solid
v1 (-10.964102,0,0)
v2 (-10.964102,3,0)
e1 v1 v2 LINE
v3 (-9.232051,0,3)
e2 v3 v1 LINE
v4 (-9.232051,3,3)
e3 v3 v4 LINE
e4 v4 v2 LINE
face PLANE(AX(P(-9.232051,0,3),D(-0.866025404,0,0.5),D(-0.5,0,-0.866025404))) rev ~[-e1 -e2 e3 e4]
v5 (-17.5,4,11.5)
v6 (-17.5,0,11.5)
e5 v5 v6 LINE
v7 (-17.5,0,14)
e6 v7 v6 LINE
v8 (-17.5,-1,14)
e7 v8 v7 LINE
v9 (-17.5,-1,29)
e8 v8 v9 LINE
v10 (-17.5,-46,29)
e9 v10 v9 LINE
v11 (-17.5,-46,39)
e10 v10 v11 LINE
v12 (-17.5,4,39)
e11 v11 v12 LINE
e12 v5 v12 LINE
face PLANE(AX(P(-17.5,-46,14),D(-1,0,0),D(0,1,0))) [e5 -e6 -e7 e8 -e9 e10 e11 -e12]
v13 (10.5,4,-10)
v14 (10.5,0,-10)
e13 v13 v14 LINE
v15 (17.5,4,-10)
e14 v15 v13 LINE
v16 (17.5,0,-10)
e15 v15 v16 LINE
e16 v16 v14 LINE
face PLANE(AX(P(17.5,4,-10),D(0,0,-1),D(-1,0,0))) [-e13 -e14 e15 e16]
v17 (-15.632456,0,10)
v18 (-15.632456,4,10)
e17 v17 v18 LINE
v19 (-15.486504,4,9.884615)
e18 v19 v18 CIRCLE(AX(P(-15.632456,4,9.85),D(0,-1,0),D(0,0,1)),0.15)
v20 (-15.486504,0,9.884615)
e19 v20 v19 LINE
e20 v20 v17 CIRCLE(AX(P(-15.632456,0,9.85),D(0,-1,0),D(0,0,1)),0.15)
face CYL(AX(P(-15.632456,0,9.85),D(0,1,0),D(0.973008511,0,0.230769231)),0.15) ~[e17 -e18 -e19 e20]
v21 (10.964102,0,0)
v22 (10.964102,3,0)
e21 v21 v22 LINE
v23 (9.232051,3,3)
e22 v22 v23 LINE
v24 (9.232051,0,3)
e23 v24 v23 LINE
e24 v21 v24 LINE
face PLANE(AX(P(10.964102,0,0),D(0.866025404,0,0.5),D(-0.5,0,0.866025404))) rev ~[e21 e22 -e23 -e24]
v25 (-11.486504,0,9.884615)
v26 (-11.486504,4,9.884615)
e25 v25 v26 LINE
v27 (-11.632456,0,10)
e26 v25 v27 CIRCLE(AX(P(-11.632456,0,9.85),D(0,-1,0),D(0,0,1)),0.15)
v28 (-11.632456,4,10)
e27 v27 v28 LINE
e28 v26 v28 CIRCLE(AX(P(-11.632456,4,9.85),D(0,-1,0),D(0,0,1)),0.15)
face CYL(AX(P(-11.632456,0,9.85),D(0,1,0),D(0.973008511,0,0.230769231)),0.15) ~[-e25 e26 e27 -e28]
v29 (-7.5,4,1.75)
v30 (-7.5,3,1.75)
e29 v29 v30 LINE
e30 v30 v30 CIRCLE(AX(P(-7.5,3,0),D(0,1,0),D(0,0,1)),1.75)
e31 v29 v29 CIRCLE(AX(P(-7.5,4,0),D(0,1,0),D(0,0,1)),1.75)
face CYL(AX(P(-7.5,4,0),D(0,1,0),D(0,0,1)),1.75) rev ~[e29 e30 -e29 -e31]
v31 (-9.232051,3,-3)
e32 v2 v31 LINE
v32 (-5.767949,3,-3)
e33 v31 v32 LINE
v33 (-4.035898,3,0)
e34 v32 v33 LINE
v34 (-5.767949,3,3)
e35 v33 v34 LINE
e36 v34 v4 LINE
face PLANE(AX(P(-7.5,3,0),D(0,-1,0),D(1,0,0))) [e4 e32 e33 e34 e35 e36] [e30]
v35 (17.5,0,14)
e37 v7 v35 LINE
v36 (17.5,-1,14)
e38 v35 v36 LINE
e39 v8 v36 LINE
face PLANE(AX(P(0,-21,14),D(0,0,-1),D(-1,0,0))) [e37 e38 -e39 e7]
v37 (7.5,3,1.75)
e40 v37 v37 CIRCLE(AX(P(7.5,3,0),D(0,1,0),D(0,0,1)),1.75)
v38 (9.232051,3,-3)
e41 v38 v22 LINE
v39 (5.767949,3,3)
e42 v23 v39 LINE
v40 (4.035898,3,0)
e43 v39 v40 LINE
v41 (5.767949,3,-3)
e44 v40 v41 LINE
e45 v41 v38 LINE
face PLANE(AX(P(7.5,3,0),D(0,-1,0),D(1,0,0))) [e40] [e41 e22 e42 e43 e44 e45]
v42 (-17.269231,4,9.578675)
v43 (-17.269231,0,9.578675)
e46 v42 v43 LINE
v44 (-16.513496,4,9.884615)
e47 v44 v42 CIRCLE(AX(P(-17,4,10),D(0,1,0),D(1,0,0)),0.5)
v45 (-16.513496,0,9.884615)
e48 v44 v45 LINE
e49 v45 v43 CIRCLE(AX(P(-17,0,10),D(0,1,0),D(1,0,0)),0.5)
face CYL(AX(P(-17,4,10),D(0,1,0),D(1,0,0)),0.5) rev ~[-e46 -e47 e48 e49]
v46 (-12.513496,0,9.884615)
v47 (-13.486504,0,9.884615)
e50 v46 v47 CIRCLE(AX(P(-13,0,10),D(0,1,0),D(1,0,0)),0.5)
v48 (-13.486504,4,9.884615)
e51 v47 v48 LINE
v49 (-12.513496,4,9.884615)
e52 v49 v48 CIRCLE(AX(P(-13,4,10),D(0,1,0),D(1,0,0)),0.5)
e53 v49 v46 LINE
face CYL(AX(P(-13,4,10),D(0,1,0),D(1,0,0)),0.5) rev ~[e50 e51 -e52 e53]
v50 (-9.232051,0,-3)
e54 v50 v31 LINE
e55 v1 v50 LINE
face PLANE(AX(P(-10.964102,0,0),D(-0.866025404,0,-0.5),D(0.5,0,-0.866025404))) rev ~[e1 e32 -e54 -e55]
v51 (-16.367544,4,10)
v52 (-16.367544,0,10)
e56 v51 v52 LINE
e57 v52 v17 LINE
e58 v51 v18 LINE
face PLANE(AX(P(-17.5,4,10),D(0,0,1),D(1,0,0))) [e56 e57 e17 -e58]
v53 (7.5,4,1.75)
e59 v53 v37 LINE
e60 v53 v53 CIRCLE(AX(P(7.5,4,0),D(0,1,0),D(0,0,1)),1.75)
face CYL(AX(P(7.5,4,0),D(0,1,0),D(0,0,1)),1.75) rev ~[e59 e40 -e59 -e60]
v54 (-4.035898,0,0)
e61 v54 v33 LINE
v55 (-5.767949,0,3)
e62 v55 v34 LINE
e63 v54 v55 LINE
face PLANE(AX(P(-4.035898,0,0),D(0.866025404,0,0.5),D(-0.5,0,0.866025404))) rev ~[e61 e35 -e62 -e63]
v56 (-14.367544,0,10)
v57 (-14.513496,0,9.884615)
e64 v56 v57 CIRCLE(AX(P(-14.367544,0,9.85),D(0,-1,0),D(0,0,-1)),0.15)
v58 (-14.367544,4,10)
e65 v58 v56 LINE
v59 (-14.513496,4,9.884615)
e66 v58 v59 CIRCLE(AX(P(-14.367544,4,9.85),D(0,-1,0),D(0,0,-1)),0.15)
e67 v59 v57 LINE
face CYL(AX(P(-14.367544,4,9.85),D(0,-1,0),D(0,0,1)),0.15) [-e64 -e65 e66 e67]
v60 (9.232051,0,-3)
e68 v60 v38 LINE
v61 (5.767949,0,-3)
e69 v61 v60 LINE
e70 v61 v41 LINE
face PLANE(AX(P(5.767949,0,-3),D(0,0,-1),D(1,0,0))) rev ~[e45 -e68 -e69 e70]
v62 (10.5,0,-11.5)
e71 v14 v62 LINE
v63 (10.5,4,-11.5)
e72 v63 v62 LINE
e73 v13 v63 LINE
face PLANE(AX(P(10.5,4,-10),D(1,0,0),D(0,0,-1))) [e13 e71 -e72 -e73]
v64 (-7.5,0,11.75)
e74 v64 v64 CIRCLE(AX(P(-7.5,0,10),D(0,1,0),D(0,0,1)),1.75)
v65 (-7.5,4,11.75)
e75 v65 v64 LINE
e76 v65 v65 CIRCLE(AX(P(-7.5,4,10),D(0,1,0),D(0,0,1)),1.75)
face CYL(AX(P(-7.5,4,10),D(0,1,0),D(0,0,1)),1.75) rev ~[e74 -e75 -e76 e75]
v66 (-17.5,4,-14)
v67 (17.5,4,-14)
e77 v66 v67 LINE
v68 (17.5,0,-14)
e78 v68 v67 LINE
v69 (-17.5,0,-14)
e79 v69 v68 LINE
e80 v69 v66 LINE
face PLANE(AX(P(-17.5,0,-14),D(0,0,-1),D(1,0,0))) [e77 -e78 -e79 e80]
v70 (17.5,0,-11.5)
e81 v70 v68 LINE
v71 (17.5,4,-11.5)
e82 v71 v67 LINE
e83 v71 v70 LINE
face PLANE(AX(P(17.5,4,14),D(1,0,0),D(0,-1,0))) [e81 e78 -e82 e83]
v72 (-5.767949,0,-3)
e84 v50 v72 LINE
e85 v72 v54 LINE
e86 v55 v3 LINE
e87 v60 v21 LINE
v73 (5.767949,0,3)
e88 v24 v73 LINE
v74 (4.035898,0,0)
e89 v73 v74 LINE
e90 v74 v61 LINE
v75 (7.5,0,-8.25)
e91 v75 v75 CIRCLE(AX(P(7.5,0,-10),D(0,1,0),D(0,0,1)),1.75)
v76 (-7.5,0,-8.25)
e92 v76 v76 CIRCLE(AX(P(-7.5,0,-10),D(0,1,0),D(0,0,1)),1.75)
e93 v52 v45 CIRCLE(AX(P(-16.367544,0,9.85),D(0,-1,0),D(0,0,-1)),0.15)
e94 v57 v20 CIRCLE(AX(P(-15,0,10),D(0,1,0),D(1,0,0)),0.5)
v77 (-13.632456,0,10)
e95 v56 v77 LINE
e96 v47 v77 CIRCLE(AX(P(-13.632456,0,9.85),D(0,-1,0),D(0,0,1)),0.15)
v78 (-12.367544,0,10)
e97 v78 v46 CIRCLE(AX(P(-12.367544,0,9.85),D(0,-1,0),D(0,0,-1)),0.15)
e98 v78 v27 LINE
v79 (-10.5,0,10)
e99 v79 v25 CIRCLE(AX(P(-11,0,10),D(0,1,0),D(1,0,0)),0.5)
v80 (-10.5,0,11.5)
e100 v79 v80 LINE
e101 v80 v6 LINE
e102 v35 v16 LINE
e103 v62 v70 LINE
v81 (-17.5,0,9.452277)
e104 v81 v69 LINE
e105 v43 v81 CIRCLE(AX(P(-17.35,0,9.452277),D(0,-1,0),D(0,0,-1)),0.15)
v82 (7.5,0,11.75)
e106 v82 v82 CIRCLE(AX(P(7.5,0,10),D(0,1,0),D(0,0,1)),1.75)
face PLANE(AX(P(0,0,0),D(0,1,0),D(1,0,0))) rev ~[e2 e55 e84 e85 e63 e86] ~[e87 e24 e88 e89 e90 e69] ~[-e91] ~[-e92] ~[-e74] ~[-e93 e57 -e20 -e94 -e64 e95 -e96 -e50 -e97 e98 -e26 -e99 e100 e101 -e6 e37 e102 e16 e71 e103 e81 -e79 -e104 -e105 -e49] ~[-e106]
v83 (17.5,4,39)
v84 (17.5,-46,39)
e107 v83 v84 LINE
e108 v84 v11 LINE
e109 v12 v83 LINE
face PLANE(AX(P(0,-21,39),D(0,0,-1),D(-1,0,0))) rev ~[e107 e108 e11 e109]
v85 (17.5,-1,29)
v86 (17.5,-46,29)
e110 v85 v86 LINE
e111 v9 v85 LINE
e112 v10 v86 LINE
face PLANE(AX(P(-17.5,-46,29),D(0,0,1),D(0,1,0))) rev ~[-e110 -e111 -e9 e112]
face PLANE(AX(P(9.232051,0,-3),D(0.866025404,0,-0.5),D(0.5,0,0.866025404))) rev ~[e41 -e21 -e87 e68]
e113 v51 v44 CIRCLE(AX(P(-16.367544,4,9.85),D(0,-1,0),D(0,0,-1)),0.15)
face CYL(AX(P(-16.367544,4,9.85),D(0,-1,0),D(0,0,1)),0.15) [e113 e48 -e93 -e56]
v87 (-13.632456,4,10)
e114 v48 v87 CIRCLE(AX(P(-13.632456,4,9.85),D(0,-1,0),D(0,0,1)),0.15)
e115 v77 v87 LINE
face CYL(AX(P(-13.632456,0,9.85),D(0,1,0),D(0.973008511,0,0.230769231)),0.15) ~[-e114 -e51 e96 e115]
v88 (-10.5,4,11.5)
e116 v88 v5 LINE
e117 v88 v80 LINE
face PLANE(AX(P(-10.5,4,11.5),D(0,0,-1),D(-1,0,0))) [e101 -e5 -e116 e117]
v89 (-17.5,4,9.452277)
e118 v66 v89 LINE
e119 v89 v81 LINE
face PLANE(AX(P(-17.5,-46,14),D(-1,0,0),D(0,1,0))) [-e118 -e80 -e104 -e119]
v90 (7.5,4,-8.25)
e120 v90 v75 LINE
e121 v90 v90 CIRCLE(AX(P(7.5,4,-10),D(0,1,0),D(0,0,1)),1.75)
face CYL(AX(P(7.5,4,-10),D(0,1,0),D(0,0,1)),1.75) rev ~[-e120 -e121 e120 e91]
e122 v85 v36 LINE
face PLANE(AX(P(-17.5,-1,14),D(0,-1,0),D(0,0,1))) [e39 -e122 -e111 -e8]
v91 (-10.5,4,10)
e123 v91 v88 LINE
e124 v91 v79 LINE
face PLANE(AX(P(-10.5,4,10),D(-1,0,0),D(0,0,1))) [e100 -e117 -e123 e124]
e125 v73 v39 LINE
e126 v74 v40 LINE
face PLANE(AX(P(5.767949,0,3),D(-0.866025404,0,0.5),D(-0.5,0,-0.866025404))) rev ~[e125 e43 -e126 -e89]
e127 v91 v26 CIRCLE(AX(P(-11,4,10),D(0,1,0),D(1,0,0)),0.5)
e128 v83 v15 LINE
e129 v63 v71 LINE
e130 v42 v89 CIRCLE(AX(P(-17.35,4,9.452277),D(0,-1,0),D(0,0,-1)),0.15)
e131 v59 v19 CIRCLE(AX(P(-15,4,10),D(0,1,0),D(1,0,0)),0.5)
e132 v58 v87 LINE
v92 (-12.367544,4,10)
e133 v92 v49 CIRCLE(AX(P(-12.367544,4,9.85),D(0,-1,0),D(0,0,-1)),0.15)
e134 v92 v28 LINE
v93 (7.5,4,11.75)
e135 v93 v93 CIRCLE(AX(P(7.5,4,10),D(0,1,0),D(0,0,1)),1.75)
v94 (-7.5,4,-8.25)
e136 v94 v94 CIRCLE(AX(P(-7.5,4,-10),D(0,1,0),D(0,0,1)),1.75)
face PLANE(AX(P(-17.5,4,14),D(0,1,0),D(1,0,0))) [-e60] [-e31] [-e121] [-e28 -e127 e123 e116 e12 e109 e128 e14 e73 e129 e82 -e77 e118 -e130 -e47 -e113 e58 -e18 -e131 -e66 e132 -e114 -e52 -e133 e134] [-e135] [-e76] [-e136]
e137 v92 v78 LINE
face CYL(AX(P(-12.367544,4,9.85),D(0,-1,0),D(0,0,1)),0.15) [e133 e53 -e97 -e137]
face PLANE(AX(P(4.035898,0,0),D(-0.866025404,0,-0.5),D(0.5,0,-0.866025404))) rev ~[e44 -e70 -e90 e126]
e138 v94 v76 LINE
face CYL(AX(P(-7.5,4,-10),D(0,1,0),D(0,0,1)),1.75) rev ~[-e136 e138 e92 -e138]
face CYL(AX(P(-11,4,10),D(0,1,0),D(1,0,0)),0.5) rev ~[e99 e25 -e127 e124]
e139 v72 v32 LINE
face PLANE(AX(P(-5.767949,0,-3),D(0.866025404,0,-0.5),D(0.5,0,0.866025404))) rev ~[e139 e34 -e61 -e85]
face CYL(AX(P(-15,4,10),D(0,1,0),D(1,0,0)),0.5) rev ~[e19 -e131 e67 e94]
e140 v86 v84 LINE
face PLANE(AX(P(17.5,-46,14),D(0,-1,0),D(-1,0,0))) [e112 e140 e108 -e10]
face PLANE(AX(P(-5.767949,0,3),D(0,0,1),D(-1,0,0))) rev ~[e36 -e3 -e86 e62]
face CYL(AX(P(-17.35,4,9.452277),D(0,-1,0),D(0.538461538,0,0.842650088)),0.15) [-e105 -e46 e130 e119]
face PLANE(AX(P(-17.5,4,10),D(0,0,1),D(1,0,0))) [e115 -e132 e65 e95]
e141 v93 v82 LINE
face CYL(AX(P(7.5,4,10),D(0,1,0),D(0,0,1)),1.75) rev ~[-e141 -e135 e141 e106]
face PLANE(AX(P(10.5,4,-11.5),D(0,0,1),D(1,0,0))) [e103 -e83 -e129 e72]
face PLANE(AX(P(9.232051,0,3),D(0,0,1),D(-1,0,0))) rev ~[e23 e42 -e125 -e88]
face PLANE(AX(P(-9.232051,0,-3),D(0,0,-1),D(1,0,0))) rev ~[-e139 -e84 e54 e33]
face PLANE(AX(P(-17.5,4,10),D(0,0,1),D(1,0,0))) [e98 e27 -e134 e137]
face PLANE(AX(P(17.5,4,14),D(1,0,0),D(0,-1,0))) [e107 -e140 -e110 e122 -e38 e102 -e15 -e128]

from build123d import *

# Parameters (mm, degrees)
SKETCH1_W           = 35
SKETCH1_H           = 28.000000000000004
BOSS_EXTRUDE1_DEPTH = 4
SKETCH2_R           = 1.7499999999999998
CUT_EXTRUDE1_DEPTH  = 23.765104875664424
BOSS_EXTRUDE2_DEPTH = 25
CUT_EXTRUDE14_DEPTH = 66.78183639881149
SKETCH19_R          = 1.75
CUT_EXTRUDE15_DEPTH = 66.78183639881149
CUT_EXTRUDE16_DEPTH = 2.999999999999999
SKETCH21_R          = 0.49999999999999917
CUT_EXTRUDE17_DEPTH = 3.999999999999999
LPATTERN2_COUNT     = 4
LPATTERN2_PITCH     = 2
FILLET2_R           = 0.15
SKETCH22_W          = 14.999999999999995
SKETCH22_H          = 45
CUT_EXTRUDE18_DEPTH = 70.72804313904126


with BuildPart() as part:
    # Sketch1 → Boss-Extrude1 (new body)
    with BuildSketch(Plane(origin=(0, 0, 0), x_dir=(1, 0, 0), z_dir=(0, 1, 0))):
        Rectangle(SKETCH1_W, SKETCH1_H)
    extrude(amount=BOSS_EXTRUDE1_DEPTH)

    # Sketch2 → Cut-Extrude1 (cut, through all)
    with BuildSketch(Plane(origin=(0, 4, 0), x_dir=(1, 0, 0), z_dir=(0, 1, 0))):
        with Locations(Location((-7.499999999999998, -10, 0), (0, 0, 270))):
            Circle(SKETCH2_R)
        with Locations(Location((-7.499999999999998, 10, 0), (0, 0, 270))):
            Circle(SKETCH2_R)
        with Locations(Location((7.500000000000002, -10.000000000000002, 0), (0, 0, 270))):
            Circle(SKETCH2_R)
        with Locations(Location((7.500000000000002, 10, 0), (0, 0, 270))):
            Circle(SKETCH2_R)
    extrude(amount=-CUT_EXTRUDE1_DEPTH, mode=Mode.SUBTRACT)

    # Sketch3 → Boss-Extrude2 (add)
    with BuildSketch(Plane.XY.offset(14)):
        Polygon((-17.499999999999996, 4), (17.500000000000004, 4), (17.50000000000001, -46), (-17.499999999999993, -46), align=None)
    extrude(amount=BOSS_EXTRUDE2_DEPTH)

    # Sketch18 → Cut-Extrude14 (cut, through all)
    with BuildSketch(Plane(origin=(0, 4, 0), x_dir=(1, 0, 0), z_dir=(0, 1, 0))):
        Polygon((-17.499999999999996, -9.999999999999998), (-10.499999999999998, -10.000000000000002), (-10.499999999999998, -11.500000000000002), (-17.499999999999996, -11.500000000000004), align=None)
        Polygon((17.500000000000004, 10.000000000000002), (10.500000000000002, 10), (10.500000000000002, 11.5), (17.500000000000004, 11.500000000000004), align=None)
    extrude(amount=-CUT_EXTRUDE14_DEPTH, mode=Mode.SUBTRACT)

    # Sketch19 → Cut-Extrude15 (cut, through all)
    with BuildSketch(Plane(origin=(0, 4, 0), x_dir=(1, 0, 0), z_dir=(0, 1, 0))):
        with Locations(Location((-7.499999999999998, 0, 0), (0, 0, 270))):
            Circle(SKETCH19_R)
        with Locations(Location((7.500000000000005, 0, 0), (0, 0, 270))):
            Circle(SKETCH19_R)
    extrude(amount=-CUT_EXTRUDE15_DEPTH, mode=Mode.SUBTRACT)

    # Sketch20 → Cut-Extrude16 (cut)
    with BuildSketch(Plane.XZ):
        Polygon((10.96410161513776, 9.3e-16), (9.23205080756888, 2.9999999999999996), (5.767949192431128, 2.9999999999999987), (4.035898384862253, -1.5e-16), (5.767949192431131, -3), (9.232050807568884, -2.9999999999999996), align=None)
        Polygon((-10.964101615137752, 5.88e-15), (-9.232050807568879, -2.999999999999999), (-5.767949192431124, -3.000000000000003), (-4.035898384862242, -3.87e-15), (-5.7679491924311215, 3.000000000000001), (-9.232050807568873, 3.0000000000000053), align=None)
    extrude(amount=-CUT_EXTRUDE16_DEPTH, mode=Mode.SUBTRACT)

    # Sketch21 → Cut-Extrude17 (cut)
    with BuildSketch(Plane(origin=(0, 4, 0), x_dir=(1, 0, 0), z_dir=(0, 1, 0))):
        with Locations((-16.999999999999996, -10.000000000000002)):
            Circle(SKETCH21_R)
    cut_extrude17 = extrude(amount=-CUT_EXTRUDE17_DEPTH, mode=Mode.SUBTRACT)

    # LPattern2: Cut-Extrude17 ×4
    with Locations(*[(i * LPATTERN2_PITCH, 0, 0) for i in range(1, LPATTERN2_COUNT)]):
        add(cut_extrude17, mode=Mode.SUBTRACT)

    # Fillet2
    fillet2_edges = [part.edges().sort_by_distance(p)[0] for p in [
        (-16.499999999999996, 2.0000000000000004, 10.000000000000002),
        (-12.499999999999996, 2.0000000000000004, 10.000000000000005),
        (-13.499999999999996, 2, 10),
        (-14.499999999999996, 2.0000000000000004, 10.000000000000004),
        (-15.499999999999996, 2, 10),
        (-11.499999999999996, 2, 10.000000000000002),
        (-17.499999999999996, 2, 9.999999999999998),
    ]]
    fillet(fillet2_edges, radius=FILLET2_R)

    # Sketch22 → Cut-Extrude18 (cut, through all)
    with BuildSketch(Plane.ZY.offset(17.499999999999996)):
        with Locations((21.5, -23.5)):
            Rectangle(SKETCH22_W, SKETCH22_H)
    extrude(amount=-CUT_EXTRUDE18_DEPTH, mode=Mode.SUBTRACT)


solid = part.part
